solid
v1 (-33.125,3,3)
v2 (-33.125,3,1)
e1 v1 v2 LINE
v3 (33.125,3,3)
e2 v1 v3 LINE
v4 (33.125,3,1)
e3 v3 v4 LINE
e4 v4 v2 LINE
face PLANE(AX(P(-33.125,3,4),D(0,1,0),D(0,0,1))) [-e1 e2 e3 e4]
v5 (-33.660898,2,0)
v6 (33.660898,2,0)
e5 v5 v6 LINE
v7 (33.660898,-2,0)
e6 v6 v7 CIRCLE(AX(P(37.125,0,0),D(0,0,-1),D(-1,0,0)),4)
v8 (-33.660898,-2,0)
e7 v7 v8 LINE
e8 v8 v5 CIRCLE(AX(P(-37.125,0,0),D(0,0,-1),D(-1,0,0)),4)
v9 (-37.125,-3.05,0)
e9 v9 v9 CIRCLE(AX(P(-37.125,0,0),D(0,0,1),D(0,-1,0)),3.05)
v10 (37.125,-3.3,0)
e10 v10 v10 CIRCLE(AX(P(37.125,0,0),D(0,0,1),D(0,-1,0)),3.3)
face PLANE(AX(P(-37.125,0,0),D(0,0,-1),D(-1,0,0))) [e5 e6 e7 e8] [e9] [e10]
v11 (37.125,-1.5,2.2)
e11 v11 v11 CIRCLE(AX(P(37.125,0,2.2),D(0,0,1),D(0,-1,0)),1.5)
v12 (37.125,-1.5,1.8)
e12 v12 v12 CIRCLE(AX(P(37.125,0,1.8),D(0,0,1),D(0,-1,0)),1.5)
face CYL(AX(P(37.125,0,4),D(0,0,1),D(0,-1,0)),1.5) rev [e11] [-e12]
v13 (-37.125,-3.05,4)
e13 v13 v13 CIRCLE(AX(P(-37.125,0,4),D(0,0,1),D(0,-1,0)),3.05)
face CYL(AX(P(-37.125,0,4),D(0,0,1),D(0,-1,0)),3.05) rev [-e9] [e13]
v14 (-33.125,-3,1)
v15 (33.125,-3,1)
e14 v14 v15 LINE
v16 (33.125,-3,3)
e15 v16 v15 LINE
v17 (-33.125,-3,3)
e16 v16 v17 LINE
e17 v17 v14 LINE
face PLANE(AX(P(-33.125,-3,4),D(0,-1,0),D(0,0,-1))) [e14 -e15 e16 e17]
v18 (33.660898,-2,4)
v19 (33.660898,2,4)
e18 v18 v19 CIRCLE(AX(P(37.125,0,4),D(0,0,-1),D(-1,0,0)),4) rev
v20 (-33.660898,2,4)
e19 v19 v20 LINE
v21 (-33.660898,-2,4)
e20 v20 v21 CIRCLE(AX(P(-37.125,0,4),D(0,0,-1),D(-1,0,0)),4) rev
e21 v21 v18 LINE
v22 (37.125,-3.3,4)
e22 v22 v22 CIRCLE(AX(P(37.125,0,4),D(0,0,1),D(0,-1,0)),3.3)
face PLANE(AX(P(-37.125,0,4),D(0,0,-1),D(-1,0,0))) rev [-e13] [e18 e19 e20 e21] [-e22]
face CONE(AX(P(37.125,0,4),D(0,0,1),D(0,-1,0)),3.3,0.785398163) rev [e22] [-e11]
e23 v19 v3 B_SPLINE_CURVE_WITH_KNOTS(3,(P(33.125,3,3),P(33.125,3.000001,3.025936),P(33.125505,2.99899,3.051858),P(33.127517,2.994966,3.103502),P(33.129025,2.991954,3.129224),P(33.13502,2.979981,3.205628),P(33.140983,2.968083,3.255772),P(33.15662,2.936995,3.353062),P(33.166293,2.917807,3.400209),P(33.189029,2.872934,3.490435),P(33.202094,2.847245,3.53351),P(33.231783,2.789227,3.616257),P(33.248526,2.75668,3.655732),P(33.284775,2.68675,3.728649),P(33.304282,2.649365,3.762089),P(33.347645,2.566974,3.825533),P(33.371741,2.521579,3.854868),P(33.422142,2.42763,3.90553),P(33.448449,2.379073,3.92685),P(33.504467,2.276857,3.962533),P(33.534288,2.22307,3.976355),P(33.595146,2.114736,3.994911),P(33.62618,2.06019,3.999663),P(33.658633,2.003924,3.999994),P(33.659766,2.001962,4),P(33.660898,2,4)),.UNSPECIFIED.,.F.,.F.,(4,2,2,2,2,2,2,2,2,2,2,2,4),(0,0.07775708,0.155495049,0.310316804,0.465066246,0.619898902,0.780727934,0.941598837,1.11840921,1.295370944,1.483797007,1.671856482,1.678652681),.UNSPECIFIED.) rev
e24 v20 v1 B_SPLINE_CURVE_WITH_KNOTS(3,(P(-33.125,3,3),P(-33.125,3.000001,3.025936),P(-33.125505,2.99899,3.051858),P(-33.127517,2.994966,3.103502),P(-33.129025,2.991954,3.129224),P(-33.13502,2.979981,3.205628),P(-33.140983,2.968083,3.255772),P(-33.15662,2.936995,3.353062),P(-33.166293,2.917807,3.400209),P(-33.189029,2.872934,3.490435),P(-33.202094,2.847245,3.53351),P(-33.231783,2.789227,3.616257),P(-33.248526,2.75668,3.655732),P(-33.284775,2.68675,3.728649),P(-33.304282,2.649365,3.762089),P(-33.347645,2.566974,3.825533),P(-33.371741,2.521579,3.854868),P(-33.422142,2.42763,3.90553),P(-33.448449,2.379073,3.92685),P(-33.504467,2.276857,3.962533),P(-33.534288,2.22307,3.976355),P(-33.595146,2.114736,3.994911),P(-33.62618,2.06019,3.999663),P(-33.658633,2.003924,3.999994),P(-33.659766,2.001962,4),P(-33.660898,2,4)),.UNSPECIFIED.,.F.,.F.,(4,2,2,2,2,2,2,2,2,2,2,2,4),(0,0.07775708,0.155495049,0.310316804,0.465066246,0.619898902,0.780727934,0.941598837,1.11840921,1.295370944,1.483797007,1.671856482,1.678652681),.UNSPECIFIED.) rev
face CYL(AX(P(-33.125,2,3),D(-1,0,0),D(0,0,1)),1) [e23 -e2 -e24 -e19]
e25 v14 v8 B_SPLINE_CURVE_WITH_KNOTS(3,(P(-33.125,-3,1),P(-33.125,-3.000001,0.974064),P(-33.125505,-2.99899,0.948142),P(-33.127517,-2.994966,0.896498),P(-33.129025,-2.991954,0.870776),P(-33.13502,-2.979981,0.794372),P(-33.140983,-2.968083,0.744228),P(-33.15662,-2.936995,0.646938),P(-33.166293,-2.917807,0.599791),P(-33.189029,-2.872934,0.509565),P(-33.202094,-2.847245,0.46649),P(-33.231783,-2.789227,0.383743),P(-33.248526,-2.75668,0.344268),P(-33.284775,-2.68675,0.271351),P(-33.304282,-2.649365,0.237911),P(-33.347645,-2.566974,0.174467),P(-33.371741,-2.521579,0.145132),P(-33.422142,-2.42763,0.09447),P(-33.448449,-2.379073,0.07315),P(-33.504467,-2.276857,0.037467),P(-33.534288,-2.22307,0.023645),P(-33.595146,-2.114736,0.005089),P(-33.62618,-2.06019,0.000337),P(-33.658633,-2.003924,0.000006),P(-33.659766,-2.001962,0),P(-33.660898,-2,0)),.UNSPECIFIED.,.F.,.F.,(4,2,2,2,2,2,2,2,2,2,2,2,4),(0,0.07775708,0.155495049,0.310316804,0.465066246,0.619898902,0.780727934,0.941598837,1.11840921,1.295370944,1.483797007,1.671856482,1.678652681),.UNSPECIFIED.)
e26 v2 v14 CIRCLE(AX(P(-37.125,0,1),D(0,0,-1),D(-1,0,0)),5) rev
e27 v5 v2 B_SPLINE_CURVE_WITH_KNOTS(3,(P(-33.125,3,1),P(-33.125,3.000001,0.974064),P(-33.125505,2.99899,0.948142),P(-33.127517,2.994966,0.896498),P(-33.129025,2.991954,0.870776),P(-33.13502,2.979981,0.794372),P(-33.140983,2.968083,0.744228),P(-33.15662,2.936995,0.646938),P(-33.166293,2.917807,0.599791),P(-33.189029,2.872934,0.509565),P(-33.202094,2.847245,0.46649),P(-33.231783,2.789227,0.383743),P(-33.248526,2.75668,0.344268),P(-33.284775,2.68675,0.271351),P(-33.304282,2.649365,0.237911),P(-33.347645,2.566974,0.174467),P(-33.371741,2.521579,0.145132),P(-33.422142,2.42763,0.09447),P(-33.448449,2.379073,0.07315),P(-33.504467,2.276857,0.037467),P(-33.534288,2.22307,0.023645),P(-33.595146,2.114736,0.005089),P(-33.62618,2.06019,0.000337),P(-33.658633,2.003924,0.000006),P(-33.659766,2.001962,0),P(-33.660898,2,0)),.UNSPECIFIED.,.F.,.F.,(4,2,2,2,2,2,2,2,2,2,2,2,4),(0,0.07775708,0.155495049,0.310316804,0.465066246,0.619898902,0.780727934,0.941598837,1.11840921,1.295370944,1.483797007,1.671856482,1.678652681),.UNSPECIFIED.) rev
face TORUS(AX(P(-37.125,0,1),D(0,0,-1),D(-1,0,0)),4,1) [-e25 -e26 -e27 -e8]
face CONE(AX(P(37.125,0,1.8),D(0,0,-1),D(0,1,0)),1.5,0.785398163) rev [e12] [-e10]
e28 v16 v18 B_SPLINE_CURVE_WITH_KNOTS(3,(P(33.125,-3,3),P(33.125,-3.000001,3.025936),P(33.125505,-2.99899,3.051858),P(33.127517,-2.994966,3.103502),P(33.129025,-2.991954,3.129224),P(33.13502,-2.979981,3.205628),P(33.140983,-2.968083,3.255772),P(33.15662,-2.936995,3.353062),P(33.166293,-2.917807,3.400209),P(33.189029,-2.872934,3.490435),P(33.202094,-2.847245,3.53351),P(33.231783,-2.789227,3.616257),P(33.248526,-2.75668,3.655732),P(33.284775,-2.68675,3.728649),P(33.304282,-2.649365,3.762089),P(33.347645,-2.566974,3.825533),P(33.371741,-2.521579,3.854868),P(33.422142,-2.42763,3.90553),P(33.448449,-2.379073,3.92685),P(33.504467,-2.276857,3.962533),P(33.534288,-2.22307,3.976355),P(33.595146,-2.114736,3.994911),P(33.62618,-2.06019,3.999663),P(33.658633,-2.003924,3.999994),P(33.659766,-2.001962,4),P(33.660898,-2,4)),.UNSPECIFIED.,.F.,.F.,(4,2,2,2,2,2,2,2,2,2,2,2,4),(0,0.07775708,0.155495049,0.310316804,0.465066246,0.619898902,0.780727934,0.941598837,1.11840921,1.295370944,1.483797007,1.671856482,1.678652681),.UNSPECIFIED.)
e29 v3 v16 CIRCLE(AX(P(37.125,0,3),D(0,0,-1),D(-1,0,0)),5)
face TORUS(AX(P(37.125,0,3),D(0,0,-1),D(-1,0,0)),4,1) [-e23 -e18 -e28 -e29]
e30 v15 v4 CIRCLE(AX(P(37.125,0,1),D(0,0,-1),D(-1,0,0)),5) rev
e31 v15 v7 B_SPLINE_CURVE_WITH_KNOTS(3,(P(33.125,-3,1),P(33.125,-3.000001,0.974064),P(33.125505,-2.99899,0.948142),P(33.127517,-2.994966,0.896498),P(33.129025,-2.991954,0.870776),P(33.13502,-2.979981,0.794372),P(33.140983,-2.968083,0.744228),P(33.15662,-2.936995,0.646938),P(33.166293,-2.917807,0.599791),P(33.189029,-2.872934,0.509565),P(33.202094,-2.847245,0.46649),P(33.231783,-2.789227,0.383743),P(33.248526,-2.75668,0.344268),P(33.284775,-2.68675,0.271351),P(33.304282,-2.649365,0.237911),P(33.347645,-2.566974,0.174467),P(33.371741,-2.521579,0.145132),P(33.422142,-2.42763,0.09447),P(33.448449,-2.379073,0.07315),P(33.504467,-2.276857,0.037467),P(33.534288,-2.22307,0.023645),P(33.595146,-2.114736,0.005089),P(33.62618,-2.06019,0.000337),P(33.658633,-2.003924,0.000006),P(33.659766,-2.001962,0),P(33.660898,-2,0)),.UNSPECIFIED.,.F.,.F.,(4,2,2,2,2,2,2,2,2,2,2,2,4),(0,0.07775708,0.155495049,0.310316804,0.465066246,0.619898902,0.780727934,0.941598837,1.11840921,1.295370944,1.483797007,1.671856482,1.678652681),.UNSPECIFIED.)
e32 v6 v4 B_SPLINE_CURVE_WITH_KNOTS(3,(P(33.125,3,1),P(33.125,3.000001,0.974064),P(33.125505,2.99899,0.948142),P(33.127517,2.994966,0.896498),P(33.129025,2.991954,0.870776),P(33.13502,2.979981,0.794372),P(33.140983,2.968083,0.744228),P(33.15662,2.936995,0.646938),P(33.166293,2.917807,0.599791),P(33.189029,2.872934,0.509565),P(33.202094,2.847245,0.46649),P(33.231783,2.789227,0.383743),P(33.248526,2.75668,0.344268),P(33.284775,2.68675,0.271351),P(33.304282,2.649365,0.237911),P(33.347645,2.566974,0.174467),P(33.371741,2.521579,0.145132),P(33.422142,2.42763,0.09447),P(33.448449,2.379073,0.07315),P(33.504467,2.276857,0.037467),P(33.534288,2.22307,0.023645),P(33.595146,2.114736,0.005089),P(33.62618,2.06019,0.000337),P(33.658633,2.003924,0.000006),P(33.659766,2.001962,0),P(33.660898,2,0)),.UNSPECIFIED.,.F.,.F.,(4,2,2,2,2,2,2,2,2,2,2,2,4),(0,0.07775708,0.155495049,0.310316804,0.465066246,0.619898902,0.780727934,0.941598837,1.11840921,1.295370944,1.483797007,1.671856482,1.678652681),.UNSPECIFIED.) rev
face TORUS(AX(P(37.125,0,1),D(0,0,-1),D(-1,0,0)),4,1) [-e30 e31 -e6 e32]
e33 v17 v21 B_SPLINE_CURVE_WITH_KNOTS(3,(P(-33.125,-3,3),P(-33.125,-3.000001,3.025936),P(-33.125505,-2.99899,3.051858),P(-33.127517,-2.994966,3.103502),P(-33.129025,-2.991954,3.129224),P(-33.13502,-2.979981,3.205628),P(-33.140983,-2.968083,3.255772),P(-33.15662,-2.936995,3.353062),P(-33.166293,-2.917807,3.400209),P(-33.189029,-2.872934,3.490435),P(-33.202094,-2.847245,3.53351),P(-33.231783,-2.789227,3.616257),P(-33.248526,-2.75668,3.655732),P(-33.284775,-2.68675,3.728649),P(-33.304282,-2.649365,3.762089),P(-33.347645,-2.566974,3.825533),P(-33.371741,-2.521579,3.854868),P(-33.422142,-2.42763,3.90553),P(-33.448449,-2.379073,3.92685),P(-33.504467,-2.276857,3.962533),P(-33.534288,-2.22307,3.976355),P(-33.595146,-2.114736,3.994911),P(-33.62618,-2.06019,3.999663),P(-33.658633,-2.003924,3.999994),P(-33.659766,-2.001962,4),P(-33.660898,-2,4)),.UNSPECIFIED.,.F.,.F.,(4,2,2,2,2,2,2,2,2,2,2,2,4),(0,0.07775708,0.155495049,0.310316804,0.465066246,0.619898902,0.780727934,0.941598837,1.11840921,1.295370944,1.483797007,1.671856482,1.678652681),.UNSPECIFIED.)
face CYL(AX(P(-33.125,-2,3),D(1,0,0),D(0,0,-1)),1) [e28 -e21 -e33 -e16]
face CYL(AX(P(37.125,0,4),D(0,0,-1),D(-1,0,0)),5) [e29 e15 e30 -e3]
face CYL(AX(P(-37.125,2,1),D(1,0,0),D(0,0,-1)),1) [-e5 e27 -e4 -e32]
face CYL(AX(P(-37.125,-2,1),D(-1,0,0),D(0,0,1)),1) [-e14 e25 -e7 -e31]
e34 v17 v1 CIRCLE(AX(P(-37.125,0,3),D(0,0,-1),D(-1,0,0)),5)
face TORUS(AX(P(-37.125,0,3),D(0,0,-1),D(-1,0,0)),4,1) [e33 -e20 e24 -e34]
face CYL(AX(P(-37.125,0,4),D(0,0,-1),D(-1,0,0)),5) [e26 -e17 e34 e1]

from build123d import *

# Parameters (mm, degrees)
BOSS_EXTRU_1_DEPTH              = 4
DIAM_TRE_DU_PER_AGE_6_1_6_1_1_D = 6.1
CONG_1_R                        = 1


with BuildPart() as part:
    # Esquisse1 → Boss.-Extru.1 (new body)
    with BuildSketch(Plane(origin=(0, 2, 0), x_dir=(1, 0, 0), z_dir=(0, 0, -1))):
        with BuildLine():
            Line((-33.125, -1), (33.125, -1))
            ThreePointArc((33.125, -1), (42.125, 2), (33.125, 5))
            Line((33.125, 5), (-33.125, 5))
            ThreePointArc((-33.125, 5), (-42.125, 2), (-33.125, -1))
        make_face()
    extrude(amount=-BOSS_EXTRU_1_DEPTH)

    # Diamètre du perçage Ø6.1 (6.1)1 (through all)
    with Locations(Plane(origin=(0, 0, 4), x_dir=(-1, 0, 0), z_dir=(0, 0, 1))):
        with Locations((37.125, 0)):
            Hole(DIAM_TRE_DU_PER_AGE_6_1_6_1_1_D / 2)

    # Esquisse4 → Fraisage pour vis à tête fraisée M2.51 (revolve, cut)
    with BuildSketch(Plane(origin=(37.125, 0, 4), x_dir=(0, -1, 0), z_dir=(1, 0, 0))):
        Polygon((0, 0), (0, 4), (3.3, 4), (1.5, 2.2), (1.5, 1.8), (3.3, 0), align=None)
    revolve(axis=Axis((37.125, 0, 10.35), (0, 0, -1)), mode=Mode.SUBTRACT)

    # Congé1
    cong_1_edges = [part.edges().sort_by_distance(p)[0] for p in [
        (42.125, 0, 4),
        (0, -3, 4),
        (-42.125, 0, 4),
        (0, -3, 0),
        (42.125, 0, 0),
        (0, 3, 0),
        (-42.125, 0, 0),
        (0, 3, 4),
    ]]
    fillet(cong_1_edges, radius=CONG_1_R)


solid = part.part
